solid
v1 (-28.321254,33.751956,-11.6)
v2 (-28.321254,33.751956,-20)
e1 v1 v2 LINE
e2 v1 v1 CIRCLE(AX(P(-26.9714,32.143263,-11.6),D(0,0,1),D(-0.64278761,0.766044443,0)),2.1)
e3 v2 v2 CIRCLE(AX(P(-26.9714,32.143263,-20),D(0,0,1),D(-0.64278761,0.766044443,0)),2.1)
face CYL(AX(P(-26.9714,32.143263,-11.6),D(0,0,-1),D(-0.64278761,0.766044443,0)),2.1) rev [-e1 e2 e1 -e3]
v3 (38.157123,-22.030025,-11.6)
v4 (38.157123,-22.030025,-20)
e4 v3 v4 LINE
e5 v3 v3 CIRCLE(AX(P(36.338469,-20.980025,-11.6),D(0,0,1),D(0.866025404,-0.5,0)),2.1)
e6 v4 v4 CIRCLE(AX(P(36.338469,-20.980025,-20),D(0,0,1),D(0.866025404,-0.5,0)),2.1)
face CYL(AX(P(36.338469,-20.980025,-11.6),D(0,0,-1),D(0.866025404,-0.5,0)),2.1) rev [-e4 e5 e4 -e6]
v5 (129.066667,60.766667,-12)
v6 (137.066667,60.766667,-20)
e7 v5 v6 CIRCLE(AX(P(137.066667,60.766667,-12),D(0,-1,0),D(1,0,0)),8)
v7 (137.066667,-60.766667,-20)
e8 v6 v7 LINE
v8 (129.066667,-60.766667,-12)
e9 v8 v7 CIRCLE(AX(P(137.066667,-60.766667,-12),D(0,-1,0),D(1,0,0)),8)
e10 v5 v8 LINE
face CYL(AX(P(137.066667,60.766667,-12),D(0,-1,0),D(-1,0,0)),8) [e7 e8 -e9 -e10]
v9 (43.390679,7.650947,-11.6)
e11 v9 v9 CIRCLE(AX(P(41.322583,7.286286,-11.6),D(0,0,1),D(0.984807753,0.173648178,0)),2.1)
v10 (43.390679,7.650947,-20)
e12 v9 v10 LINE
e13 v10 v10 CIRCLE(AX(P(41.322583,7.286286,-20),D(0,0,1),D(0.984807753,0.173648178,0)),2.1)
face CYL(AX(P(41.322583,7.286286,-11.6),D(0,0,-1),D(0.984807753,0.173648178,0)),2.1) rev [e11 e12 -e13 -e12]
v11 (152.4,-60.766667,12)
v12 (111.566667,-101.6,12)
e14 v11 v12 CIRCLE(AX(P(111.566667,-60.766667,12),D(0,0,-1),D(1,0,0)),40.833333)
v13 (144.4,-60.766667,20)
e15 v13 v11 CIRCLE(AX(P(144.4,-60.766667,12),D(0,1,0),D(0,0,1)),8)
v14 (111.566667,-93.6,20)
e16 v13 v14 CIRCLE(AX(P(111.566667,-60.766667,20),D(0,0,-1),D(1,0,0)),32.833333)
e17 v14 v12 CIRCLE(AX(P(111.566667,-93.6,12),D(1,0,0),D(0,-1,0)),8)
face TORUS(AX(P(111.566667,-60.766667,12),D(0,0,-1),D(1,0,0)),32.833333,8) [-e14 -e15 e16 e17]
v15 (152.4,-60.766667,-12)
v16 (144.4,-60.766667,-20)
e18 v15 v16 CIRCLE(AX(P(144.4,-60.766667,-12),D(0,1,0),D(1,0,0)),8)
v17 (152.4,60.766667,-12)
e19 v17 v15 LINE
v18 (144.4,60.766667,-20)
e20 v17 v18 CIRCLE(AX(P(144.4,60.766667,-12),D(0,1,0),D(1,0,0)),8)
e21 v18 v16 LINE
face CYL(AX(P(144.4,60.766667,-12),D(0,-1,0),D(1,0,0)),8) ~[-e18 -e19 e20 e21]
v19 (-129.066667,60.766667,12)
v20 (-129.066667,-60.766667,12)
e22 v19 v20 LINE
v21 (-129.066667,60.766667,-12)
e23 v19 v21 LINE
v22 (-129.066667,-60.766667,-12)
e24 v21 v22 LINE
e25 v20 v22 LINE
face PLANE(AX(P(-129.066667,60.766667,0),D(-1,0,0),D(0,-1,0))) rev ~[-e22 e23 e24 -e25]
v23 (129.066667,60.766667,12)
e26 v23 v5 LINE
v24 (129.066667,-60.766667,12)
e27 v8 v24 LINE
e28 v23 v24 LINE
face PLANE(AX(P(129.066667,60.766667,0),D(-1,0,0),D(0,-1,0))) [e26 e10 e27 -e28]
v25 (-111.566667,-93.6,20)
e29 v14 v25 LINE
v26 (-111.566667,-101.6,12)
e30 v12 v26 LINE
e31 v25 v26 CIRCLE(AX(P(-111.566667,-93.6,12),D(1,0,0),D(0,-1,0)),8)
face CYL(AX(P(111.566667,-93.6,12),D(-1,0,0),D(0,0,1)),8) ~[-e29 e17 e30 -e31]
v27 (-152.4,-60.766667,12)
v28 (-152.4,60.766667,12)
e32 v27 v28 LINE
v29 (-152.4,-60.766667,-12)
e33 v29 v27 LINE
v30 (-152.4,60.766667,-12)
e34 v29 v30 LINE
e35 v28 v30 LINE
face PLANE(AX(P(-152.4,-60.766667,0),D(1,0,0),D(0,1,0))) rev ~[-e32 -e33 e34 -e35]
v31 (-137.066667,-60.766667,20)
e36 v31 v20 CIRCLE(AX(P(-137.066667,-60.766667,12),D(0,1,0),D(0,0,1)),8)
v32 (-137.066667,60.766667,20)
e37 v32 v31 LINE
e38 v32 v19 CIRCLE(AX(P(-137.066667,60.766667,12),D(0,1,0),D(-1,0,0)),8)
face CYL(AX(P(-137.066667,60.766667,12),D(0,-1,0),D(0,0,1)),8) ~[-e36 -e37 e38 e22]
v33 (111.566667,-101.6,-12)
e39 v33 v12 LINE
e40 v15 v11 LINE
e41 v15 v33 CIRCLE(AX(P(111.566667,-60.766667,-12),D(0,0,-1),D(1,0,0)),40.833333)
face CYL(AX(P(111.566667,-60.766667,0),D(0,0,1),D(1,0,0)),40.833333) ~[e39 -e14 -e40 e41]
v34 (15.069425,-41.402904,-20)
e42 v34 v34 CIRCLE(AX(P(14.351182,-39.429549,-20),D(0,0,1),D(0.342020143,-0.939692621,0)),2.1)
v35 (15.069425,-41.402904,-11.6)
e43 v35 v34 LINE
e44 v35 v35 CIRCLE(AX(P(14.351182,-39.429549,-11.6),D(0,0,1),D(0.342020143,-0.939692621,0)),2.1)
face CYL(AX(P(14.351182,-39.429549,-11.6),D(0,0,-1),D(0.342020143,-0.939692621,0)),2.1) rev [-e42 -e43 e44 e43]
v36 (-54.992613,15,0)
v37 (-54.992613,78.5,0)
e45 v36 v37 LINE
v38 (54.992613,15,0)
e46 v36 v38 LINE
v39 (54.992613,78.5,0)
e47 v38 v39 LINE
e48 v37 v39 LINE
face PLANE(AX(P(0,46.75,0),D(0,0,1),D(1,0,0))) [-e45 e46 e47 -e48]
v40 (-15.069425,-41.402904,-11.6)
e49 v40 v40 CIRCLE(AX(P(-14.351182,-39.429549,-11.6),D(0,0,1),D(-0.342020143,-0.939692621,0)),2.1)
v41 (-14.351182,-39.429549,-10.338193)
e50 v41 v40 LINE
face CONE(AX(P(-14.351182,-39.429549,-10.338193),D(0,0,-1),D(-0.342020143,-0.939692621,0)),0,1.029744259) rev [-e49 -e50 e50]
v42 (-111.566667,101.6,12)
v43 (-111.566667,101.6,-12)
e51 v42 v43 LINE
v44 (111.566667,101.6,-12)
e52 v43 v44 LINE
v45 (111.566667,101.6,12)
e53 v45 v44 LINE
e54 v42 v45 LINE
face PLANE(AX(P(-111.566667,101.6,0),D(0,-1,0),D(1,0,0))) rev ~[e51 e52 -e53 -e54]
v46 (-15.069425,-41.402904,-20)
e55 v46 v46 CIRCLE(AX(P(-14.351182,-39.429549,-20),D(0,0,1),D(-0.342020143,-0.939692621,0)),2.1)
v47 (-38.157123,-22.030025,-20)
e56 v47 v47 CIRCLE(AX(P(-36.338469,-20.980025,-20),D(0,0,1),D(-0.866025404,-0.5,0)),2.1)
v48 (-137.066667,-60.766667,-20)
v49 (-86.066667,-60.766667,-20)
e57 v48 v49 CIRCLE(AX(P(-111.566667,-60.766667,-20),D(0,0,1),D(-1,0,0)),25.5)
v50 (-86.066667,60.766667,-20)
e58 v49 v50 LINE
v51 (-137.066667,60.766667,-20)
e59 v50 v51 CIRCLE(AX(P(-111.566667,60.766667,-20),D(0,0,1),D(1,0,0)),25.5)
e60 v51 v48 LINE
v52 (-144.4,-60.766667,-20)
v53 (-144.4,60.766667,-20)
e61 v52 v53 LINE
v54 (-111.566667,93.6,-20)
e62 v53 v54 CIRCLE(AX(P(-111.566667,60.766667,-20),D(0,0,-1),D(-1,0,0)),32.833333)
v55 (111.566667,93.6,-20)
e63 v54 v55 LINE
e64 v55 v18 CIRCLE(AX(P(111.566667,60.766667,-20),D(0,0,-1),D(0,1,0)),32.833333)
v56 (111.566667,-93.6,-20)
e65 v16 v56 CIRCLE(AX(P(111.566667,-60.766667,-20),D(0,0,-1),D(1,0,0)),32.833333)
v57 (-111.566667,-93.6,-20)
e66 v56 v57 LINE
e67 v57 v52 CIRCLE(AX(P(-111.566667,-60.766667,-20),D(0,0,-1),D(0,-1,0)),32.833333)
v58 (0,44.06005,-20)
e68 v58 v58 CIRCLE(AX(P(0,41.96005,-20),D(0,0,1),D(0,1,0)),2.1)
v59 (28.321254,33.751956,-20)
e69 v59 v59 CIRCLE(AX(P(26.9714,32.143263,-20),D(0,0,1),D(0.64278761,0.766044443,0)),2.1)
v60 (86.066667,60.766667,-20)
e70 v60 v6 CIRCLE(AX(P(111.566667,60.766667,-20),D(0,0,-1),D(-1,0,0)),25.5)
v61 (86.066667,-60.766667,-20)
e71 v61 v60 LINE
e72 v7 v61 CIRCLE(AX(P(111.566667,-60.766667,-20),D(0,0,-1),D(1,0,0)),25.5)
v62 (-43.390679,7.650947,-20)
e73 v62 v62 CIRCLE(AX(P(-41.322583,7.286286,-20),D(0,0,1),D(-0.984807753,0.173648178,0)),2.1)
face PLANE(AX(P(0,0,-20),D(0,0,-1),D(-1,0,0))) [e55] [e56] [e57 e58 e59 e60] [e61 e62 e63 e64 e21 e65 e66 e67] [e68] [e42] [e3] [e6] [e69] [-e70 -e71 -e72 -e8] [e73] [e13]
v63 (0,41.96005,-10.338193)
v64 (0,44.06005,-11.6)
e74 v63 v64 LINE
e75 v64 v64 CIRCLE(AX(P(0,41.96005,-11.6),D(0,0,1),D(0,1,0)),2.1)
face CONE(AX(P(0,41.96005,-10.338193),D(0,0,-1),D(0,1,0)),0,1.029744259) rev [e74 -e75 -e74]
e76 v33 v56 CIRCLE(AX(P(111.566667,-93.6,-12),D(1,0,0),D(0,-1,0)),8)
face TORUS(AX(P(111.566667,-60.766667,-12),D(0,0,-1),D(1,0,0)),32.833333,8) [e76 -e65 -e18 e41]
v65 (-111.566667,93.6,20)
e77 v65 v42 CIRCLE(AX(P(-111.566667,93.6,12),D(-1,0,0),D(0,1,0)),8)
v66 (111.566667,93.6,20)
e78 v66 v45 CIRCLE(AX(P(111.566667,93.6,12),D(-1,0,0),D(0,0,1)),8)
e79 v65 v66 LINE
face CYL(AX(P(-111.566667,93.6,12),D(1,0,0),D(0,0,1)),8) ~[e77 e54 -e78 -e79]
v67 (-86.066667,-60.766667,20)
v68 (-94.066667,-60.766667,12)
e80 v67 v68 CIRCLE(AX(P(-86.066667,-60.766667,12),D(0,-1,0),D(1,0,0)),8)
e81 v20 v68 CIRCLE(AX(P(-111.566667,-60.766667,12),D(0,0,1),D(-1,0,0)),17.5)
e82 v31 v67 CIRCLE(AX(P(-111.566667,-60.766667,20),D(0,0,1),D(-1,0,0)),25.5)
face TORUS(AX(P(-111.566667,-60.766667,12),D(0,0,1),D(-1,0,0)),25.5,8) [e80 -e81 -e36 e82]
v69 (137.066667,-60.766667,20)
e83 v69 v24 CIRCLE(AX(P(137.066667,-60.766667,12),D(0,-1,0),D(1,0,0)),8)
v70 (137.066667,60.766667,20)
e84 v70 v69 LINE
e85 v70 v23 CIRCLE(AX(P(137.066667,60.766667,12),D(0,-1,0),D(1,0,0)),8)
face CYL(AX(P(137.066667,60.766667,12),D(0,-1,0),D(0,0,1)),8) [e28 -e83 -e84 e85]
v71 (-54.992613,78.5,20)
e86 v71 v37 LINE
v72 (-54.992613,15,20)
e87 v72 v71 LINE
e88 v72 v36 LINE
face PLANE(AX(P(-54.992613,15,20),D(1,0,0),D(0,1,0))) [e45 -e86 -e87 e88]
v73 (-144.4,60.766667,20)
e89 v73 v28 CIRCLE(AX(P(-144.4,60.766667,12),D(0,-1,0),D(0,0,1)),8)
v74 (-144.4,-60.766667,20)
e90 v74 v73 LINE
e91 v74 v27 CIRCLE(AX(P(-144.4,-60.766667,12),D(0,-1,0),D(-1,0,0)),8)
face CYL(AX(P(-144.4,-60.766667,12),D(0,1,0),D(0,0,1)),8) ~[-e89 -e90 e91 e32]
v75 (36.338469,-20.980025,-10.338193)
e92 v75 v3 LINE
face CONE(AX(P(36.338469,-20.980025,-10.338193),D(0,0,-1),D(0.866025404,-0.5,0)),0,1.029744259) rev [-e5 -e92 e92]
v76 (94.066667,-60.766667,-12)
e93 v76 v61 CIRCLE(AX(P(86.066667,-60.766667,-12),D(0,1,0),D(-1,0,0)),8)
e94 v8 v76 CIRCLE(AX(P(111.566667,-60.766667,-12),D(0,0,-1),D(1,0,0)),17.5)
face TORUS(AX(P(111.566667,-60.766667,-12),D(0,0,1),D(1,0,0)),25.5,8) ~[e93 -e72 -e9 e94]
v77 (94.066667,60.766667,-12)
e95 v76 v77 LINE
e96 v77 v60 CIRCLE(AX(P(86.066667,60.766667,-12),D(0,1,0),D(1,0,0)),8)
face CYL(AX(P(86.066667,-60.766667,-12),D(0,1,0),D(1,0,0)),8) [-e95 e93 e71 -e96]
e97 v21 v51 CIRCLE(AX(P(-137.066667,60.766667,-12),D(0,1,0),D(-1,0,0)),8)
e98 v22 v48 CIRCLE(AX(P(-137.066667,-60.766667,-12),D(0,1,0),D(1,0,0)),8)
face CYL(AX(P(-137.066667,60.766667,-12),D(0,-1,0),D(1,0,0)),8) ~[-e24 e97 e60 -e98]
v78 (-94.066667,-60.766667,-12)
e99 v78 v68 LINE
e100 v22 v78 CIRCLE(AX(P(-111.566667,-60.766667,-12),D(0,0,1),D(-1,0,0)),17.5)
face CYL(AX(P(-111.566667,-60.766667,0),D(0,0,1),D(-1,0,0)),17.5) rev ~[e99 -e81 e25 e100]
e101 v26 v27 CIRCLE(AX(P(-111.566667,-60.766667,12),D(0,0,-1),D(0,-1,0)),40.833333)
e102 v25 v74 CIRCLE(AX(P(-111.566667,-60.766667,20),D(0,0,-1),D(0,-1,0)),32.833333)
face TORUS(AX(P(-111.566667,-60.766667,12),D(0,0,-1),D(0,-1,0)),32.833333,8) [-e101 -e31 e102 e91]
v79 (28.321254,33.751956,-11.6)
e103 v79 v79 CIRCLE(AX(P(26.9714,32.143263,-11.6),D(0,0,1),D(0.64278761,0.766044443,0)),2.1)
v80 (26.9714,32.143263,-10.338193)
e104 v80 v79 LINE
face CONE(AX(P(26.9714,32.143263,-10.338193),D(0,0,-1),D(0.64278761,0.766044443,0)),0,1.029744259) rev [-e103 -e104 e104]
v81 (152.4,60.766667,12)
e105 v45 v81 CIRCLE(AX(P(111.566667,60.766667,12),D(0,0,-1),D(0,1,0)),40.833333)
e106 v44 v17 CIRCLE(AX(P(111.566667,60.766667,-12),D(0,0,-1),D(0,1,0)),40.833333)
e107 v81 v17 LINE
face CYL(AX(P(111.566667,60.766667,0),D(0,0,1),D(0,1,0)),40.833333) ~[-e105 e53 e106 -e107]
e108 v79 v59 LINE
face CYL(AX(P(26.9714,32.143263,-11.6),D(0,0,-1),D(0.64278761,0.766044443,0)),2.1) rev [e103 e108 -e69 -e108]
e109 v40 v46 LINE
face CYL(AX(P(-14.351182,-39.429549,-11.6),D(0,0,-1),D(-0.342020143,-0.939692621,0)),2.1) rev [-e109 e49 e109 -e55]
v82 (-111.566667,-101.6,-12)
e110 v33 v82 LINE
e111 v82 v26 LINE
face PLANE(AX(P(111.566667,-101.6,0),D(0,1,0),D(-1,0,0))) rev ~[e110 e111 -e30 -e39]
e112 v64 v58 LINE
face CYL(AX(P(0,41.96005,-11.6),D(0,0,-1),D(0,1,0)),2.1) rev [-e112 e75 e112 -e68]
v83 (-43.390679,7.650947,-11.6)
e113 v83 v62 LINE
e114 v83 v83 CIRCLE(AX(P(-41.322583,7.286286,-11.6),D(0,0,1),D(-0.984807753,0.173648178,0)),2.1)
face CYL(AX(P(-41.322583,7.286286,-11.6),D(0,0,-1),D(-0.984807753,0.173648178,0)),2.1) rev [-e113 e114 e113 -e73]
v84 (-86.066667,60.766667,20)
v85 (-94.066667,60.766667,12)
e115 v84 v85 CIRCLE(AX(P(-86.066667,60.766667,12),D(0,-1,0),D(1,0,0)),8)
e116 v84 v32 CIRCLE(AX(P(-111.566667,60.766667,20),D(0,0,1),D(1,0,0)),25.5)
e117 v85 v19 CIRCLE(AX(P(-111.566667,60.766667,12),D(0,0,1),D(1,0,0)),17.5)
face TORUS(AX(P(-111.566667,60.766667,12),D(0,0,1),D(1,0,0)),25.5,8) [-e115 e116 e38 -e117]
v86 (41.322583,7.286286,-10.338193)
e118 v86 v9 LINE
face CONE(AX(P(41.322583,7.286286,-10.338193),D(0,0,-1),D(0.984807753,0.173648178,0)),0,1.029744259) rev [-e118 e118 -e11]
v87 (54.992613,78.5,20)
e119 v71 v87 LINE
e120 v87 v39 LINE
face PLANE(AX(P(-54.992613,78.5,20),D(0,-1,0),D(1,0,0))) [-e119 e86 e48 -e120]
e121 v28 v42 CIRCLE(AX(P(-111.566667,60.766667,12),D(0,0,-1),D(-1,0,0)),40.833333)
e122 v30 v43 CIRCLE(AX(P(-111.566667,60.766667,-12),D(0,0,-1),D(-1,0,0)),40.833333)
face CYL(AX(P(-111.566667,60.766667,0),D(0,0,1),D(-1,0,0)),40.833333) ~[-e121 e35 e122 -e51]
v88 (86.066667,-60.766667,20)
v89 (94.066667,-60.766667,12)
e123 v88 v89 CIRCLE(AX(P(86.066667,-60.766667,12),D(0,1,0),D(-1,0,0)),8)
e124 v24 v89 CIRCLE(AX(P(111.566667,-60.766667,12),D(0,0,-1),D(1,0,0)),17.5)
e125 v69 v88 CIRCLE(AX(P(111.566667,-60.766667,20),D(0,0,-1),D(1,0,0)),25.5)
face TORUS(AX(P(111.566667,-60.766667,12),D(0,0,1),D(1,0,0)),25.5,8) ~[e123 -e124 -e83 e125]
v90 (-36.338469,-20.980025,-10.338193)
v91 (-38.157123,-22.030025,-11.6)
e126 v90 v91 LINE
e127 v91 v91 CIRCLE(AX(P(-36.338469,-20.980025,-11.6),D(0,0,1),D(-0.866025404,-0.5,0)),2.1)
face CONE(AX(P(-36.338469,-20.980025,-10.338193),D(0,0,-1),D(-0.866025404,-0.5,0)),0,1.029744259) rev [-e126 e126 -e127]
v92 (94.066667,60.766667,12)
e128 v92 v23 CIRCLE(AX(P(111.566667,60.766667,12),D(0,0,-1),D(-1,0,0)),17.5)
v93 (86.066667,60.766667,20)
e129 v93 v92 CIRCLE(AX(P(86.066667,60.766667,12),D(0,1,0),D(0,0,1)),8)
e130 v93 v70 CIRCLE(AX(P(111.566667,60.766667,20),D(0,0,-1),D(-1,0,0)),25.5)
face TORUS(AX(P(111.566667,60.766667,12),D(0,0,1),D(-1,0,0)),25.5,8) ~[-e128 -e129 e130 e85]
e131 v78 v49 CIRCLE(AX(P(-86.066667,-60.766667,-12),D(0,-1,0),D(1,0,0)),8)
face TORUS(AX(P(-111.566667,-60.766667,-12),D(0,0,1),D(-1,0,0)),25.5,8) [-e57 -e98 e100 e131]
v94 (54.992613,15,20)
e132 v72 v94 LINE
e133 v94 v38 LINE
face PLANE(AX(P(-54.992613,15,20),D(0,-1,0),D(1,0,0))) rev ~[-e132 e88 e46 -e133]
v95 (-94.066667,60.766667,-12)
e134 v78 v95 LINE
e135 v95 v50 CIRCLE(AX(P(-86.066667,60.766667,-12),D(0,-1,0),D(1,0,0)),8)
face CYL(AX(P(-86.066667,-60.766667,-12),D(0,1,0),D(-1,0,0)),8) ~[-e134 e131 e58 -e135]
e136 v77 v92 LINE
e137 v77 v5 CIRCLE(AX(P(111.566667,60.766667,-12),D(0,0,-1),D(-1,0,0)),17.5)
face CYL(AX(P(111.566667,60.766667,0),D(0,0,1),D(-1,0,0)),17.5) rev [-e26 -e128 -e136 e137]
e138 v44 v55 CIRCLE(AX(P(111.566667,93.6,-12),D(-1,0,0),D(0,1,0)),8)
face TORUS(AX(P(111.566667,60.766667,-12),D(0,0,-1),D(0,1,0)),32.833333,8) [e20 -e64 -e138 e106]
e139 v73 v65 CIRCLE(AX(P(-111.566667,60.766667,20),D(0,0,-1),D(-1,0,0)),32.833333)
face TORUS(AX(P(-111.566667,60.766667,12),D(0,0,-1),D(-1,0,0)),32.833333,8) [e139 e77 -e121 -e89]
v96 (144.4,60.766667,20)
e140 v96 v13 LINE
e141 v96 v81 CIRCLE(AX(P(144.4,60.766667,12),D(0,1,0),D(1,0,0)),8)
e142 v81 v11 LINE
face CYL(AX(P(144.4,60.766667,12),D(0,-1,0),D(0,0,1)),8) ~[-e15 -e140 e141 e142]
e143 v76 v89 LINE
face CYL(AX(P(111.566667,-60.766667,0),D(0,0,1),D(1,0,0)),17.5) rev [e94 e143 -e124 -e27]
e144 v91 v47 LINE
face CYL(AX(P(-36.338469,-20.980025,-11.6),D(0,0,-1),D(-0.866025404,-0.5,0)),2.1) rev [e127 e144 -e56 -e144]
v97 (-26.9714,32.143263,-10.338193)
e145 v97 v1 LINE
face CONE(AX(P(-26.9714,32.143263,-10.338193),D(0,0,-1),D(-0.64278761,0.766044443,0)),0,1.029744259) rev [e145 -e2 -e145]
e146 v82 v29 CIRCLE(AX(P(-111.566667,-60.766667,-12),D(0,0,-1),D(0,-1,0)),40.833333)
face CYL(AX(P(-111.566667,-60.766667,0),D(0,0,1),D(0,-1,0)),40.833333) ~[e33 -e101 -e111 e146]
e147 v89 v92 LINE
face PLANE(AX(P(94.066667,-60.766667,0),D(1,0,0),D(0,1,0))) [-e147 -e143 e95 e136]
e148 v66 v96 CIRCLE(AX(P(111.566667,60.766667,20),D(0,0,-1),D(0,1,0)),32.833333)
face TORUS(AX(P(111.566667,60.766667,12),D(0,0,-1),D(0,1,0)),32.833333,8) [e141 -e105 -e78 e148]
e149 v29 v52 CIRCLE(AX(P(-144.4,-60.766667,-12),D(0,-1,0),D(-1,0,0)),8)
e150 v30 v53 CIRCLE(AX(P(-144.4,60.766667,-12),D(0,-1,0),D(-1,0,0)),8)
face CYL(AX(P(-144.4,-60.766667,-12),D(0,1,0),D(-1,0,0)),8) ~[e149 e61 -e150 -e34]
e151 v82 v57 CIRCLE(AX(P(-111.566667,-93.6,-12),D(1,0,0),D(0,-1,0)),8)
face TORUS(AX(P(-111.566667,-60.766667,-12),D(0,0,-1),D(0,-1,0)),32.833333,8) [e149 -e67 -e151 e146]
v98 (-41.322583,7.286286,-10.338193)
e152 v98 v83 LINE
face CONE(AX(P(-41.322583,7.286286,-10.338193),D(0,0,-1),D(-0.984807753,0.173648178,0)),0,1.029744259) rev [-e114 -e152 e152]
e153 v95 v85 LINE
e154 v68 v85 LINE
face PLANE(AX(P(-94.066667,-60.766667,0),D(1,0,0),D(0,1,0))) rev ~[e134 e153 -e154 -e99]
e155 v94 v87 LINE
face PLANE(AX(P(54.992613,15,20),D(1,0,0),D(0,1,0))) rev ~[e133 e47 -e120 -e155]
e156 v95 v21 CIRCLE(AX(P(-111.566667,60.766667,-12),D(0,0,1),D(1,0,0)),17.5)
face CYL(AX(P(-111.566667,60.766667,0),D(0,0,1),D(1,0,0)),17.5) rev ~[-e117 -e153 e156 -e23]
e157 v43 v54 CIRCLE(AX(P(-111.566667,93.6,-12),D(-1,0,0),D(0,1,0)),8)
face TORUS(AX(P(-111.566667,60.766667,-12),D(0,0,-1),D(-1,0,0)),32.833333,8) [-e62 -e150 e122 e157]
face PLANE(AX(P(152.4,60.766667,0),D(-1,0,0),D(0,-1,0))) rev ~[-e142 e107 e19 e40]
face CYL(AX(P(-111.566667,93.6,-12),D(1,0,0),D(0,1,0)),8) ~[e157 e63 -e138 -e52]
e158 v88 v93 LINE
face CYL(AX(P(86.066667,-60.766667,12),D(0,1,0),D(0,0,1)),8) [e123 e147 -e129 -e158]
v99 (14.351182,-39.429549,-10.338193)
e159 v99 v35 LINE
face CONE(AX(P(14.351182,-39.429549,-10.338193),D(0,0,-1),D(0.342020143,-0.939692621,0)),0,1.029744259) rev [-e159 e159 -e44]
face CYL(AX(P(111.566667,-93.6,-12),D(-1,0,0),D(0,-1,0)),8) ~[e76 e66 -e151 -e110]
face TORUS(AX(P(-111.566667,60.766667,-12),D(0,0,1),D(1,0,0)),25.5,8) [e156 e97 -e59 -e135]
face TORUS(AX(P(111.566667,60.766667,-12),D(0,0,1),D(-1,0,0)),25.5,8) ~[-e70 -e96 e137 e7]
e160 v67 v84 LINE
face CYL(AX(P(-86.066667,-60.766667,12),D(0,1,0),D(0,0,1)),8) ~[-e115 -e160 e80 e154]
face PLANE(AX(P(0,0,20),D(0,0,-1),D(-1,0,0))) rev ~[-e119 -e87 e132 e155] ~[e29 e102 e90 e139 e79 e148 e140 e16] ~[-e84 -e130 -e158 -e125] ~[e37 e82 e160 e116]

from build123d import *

# Parameters (mm, degrees)
STEERING_WHEEL_BODY_DEPTH = 20
FILLET1_R                 = 8
LCD_START                 = 20
SKETCH3_W                 = 109.98522628
SKETCH3_H                 = 63.5
LCD_CUTOUT_DEPTH          = 20
CIRPATTERN1_COUNT         = 9


with BuildPart() as part:
    # Sketch1 → Steering Wheel Body (new body, symmetric)
    with BuildSketch(Plane.XY):
        with BuildLine():
            Line((-152.4, -60.766666667), (-152.4, 60.766666667))
            ThreePointArc((-152.4, 60.766666667), (-140.440193565, 89.640193565), (-111.566666667, 101.6))
            Line((-111.566666667, 101.6), (111.566666667, 101.6))
            ThreePointArc((111.566666667, 101.6), (140.440193565, 89.640193565), (152.4, 60.766666667))
            Line((152.4, 60.766666667), (152.4, -60.766666667))
            ThreePointArc((152.4, -60.766666667), (140.440193565, -89.640193565), (111.566666667, -101.6))
            Line((111.566666667, -101.6), (-111.566666667, -101.6))
            ThreePointArc((-111.566666667, -101.6), (-140.440193565, -89.640193565), (-152.4, -60.766666667))
        make_face()
        with BuildLine():
            Line((-129.066666667, 60.766666667), (-129.066666667, -60.766666667))
            ThreePointArc((-129.066666667, -60.766666667), (-111.566666667, -78.266666667), (-94.066666667, -60.766666667))
            Line((-94.066666667, -60.766666667), (-94.066666667, 60.766666667))
            ThreePointArc((-94.066666667, 60.766666667), (-111.566666667, 78.266666667), (-129.066666667, 60.766666667))
        make_face(mode=Mode.SUBTRACT)
        with BuildLine():
            Line((129.066666667, 60.766666667), (129.066666667, -60.766666667))
            ThreePointArc((129.066666667, -60.766666667), (111.566666667, -78.266666667), (94.066666667, -60.766666667))
            Line((94.066666667, -60.766666667), (94.066666667, 60.766666667))
            ThreePointArc((94.066666667, 60.766666667), (111.566666667, 78.266666667), (129.066666667, 60.766666667))
        make_face(mode=Mode.SUBTRACT)
    extrude(amount=STEERING_WHEEL_BODY_DEPTH, both=True)

    # Fillet1
    fillet1_edges = [part.edges().sort_by_distance(p)[0] for p in [
        (0, -101.6, -20),
        (-140.440193565, -89.640193565, -20),
        (-152.4, 0, -20),
        (-140.440193565, 89.640193565, -20),
        (-140.440193565, -89.640193565, 20),
        (0, -101.6, 20),
        (140.440193565, -89.640193565, 20),
        (-111.566666667, 78.266666667, -20),
        (-129.066666667, 0, -20),
        (152.4, 0, 20),
        (-111.566666667, -78.266666667, -20),
        (-94.066666667, 0, -20),
        (-111.566666667, 78.266666667, 20),
        (-129.066666667, 0, 20),
        (-111.566666667, -78.266666667, 20),
        (-94.066666667, 0, 20),
        (140.440193565, 89.640193565, 20),
        (0, 101.6, 20),
        (111.566666667, -78.266666667, -20),
        (129.066666667, 0, -20),
        (111.566666667, 78.266666667, -20),
        (94.066666667, 0, -20),
        (111.566666667, -78.266666667, 20),
        (129.066666667, 0, 20),
        (111.566666667, 78.266666667, 20),
        (94.066666667, 0, 20),
        (-140.440193565, 89.640193565, 20),
        (0, 101.6, -20),
        (-152.4, 0, 20),
        (140.440193565, 89.640193565, -20),
        (152.4, 0, -20),
        (140.440193565, -89.640193565, -20),
    ]]
    fillet(fillet1_edges, radius=FILLET1_R)

    # Sketch3 → LCD Cutout (cut)
    with BuildSketch(Plane.XY.offset(LCD_START)):
        with Locations((0, 46.75)):
            Rectangle(SKETCH3_W, SKETCH3_H)
    extrude(amount=-LCD_CUTOUT_DEPTH, mode=Mode.SUBTRACT)

    # Sketch7 → M5x0.8 Tapped Hole1 (revolve, cut)
    with BuildSketch(Plane(origin=(0, 41.96005, -20), x_dir=(0, 1, 0), z_dir=(1, 0, 0))):
        Polygon((0, 0), (0, 9.6618073), (2.1, 8.4), (2.1, 0), align=None)
    m5x0_8_tapped_hole1 = revolve(axis=Axis((0, 41.96005, -26.35), (0, 0, 1)), mode=Mode.SUBTRACT)

    # CirPattern1: M5x0.8 Tapped Hole1 ×9 about axis
    cirpattern1_axis = Axis((0, 0, 0), (0, 0, 1))
    for i in range(1, CIRPATTERN1_COUNT):
        add(m5x0_8_tapped_hole1.rotate(cirpattern1_axis, i * 360 / CIRPATTERN1_COUNT), mode=Mode.SUBTRACT)


solid = part.part
